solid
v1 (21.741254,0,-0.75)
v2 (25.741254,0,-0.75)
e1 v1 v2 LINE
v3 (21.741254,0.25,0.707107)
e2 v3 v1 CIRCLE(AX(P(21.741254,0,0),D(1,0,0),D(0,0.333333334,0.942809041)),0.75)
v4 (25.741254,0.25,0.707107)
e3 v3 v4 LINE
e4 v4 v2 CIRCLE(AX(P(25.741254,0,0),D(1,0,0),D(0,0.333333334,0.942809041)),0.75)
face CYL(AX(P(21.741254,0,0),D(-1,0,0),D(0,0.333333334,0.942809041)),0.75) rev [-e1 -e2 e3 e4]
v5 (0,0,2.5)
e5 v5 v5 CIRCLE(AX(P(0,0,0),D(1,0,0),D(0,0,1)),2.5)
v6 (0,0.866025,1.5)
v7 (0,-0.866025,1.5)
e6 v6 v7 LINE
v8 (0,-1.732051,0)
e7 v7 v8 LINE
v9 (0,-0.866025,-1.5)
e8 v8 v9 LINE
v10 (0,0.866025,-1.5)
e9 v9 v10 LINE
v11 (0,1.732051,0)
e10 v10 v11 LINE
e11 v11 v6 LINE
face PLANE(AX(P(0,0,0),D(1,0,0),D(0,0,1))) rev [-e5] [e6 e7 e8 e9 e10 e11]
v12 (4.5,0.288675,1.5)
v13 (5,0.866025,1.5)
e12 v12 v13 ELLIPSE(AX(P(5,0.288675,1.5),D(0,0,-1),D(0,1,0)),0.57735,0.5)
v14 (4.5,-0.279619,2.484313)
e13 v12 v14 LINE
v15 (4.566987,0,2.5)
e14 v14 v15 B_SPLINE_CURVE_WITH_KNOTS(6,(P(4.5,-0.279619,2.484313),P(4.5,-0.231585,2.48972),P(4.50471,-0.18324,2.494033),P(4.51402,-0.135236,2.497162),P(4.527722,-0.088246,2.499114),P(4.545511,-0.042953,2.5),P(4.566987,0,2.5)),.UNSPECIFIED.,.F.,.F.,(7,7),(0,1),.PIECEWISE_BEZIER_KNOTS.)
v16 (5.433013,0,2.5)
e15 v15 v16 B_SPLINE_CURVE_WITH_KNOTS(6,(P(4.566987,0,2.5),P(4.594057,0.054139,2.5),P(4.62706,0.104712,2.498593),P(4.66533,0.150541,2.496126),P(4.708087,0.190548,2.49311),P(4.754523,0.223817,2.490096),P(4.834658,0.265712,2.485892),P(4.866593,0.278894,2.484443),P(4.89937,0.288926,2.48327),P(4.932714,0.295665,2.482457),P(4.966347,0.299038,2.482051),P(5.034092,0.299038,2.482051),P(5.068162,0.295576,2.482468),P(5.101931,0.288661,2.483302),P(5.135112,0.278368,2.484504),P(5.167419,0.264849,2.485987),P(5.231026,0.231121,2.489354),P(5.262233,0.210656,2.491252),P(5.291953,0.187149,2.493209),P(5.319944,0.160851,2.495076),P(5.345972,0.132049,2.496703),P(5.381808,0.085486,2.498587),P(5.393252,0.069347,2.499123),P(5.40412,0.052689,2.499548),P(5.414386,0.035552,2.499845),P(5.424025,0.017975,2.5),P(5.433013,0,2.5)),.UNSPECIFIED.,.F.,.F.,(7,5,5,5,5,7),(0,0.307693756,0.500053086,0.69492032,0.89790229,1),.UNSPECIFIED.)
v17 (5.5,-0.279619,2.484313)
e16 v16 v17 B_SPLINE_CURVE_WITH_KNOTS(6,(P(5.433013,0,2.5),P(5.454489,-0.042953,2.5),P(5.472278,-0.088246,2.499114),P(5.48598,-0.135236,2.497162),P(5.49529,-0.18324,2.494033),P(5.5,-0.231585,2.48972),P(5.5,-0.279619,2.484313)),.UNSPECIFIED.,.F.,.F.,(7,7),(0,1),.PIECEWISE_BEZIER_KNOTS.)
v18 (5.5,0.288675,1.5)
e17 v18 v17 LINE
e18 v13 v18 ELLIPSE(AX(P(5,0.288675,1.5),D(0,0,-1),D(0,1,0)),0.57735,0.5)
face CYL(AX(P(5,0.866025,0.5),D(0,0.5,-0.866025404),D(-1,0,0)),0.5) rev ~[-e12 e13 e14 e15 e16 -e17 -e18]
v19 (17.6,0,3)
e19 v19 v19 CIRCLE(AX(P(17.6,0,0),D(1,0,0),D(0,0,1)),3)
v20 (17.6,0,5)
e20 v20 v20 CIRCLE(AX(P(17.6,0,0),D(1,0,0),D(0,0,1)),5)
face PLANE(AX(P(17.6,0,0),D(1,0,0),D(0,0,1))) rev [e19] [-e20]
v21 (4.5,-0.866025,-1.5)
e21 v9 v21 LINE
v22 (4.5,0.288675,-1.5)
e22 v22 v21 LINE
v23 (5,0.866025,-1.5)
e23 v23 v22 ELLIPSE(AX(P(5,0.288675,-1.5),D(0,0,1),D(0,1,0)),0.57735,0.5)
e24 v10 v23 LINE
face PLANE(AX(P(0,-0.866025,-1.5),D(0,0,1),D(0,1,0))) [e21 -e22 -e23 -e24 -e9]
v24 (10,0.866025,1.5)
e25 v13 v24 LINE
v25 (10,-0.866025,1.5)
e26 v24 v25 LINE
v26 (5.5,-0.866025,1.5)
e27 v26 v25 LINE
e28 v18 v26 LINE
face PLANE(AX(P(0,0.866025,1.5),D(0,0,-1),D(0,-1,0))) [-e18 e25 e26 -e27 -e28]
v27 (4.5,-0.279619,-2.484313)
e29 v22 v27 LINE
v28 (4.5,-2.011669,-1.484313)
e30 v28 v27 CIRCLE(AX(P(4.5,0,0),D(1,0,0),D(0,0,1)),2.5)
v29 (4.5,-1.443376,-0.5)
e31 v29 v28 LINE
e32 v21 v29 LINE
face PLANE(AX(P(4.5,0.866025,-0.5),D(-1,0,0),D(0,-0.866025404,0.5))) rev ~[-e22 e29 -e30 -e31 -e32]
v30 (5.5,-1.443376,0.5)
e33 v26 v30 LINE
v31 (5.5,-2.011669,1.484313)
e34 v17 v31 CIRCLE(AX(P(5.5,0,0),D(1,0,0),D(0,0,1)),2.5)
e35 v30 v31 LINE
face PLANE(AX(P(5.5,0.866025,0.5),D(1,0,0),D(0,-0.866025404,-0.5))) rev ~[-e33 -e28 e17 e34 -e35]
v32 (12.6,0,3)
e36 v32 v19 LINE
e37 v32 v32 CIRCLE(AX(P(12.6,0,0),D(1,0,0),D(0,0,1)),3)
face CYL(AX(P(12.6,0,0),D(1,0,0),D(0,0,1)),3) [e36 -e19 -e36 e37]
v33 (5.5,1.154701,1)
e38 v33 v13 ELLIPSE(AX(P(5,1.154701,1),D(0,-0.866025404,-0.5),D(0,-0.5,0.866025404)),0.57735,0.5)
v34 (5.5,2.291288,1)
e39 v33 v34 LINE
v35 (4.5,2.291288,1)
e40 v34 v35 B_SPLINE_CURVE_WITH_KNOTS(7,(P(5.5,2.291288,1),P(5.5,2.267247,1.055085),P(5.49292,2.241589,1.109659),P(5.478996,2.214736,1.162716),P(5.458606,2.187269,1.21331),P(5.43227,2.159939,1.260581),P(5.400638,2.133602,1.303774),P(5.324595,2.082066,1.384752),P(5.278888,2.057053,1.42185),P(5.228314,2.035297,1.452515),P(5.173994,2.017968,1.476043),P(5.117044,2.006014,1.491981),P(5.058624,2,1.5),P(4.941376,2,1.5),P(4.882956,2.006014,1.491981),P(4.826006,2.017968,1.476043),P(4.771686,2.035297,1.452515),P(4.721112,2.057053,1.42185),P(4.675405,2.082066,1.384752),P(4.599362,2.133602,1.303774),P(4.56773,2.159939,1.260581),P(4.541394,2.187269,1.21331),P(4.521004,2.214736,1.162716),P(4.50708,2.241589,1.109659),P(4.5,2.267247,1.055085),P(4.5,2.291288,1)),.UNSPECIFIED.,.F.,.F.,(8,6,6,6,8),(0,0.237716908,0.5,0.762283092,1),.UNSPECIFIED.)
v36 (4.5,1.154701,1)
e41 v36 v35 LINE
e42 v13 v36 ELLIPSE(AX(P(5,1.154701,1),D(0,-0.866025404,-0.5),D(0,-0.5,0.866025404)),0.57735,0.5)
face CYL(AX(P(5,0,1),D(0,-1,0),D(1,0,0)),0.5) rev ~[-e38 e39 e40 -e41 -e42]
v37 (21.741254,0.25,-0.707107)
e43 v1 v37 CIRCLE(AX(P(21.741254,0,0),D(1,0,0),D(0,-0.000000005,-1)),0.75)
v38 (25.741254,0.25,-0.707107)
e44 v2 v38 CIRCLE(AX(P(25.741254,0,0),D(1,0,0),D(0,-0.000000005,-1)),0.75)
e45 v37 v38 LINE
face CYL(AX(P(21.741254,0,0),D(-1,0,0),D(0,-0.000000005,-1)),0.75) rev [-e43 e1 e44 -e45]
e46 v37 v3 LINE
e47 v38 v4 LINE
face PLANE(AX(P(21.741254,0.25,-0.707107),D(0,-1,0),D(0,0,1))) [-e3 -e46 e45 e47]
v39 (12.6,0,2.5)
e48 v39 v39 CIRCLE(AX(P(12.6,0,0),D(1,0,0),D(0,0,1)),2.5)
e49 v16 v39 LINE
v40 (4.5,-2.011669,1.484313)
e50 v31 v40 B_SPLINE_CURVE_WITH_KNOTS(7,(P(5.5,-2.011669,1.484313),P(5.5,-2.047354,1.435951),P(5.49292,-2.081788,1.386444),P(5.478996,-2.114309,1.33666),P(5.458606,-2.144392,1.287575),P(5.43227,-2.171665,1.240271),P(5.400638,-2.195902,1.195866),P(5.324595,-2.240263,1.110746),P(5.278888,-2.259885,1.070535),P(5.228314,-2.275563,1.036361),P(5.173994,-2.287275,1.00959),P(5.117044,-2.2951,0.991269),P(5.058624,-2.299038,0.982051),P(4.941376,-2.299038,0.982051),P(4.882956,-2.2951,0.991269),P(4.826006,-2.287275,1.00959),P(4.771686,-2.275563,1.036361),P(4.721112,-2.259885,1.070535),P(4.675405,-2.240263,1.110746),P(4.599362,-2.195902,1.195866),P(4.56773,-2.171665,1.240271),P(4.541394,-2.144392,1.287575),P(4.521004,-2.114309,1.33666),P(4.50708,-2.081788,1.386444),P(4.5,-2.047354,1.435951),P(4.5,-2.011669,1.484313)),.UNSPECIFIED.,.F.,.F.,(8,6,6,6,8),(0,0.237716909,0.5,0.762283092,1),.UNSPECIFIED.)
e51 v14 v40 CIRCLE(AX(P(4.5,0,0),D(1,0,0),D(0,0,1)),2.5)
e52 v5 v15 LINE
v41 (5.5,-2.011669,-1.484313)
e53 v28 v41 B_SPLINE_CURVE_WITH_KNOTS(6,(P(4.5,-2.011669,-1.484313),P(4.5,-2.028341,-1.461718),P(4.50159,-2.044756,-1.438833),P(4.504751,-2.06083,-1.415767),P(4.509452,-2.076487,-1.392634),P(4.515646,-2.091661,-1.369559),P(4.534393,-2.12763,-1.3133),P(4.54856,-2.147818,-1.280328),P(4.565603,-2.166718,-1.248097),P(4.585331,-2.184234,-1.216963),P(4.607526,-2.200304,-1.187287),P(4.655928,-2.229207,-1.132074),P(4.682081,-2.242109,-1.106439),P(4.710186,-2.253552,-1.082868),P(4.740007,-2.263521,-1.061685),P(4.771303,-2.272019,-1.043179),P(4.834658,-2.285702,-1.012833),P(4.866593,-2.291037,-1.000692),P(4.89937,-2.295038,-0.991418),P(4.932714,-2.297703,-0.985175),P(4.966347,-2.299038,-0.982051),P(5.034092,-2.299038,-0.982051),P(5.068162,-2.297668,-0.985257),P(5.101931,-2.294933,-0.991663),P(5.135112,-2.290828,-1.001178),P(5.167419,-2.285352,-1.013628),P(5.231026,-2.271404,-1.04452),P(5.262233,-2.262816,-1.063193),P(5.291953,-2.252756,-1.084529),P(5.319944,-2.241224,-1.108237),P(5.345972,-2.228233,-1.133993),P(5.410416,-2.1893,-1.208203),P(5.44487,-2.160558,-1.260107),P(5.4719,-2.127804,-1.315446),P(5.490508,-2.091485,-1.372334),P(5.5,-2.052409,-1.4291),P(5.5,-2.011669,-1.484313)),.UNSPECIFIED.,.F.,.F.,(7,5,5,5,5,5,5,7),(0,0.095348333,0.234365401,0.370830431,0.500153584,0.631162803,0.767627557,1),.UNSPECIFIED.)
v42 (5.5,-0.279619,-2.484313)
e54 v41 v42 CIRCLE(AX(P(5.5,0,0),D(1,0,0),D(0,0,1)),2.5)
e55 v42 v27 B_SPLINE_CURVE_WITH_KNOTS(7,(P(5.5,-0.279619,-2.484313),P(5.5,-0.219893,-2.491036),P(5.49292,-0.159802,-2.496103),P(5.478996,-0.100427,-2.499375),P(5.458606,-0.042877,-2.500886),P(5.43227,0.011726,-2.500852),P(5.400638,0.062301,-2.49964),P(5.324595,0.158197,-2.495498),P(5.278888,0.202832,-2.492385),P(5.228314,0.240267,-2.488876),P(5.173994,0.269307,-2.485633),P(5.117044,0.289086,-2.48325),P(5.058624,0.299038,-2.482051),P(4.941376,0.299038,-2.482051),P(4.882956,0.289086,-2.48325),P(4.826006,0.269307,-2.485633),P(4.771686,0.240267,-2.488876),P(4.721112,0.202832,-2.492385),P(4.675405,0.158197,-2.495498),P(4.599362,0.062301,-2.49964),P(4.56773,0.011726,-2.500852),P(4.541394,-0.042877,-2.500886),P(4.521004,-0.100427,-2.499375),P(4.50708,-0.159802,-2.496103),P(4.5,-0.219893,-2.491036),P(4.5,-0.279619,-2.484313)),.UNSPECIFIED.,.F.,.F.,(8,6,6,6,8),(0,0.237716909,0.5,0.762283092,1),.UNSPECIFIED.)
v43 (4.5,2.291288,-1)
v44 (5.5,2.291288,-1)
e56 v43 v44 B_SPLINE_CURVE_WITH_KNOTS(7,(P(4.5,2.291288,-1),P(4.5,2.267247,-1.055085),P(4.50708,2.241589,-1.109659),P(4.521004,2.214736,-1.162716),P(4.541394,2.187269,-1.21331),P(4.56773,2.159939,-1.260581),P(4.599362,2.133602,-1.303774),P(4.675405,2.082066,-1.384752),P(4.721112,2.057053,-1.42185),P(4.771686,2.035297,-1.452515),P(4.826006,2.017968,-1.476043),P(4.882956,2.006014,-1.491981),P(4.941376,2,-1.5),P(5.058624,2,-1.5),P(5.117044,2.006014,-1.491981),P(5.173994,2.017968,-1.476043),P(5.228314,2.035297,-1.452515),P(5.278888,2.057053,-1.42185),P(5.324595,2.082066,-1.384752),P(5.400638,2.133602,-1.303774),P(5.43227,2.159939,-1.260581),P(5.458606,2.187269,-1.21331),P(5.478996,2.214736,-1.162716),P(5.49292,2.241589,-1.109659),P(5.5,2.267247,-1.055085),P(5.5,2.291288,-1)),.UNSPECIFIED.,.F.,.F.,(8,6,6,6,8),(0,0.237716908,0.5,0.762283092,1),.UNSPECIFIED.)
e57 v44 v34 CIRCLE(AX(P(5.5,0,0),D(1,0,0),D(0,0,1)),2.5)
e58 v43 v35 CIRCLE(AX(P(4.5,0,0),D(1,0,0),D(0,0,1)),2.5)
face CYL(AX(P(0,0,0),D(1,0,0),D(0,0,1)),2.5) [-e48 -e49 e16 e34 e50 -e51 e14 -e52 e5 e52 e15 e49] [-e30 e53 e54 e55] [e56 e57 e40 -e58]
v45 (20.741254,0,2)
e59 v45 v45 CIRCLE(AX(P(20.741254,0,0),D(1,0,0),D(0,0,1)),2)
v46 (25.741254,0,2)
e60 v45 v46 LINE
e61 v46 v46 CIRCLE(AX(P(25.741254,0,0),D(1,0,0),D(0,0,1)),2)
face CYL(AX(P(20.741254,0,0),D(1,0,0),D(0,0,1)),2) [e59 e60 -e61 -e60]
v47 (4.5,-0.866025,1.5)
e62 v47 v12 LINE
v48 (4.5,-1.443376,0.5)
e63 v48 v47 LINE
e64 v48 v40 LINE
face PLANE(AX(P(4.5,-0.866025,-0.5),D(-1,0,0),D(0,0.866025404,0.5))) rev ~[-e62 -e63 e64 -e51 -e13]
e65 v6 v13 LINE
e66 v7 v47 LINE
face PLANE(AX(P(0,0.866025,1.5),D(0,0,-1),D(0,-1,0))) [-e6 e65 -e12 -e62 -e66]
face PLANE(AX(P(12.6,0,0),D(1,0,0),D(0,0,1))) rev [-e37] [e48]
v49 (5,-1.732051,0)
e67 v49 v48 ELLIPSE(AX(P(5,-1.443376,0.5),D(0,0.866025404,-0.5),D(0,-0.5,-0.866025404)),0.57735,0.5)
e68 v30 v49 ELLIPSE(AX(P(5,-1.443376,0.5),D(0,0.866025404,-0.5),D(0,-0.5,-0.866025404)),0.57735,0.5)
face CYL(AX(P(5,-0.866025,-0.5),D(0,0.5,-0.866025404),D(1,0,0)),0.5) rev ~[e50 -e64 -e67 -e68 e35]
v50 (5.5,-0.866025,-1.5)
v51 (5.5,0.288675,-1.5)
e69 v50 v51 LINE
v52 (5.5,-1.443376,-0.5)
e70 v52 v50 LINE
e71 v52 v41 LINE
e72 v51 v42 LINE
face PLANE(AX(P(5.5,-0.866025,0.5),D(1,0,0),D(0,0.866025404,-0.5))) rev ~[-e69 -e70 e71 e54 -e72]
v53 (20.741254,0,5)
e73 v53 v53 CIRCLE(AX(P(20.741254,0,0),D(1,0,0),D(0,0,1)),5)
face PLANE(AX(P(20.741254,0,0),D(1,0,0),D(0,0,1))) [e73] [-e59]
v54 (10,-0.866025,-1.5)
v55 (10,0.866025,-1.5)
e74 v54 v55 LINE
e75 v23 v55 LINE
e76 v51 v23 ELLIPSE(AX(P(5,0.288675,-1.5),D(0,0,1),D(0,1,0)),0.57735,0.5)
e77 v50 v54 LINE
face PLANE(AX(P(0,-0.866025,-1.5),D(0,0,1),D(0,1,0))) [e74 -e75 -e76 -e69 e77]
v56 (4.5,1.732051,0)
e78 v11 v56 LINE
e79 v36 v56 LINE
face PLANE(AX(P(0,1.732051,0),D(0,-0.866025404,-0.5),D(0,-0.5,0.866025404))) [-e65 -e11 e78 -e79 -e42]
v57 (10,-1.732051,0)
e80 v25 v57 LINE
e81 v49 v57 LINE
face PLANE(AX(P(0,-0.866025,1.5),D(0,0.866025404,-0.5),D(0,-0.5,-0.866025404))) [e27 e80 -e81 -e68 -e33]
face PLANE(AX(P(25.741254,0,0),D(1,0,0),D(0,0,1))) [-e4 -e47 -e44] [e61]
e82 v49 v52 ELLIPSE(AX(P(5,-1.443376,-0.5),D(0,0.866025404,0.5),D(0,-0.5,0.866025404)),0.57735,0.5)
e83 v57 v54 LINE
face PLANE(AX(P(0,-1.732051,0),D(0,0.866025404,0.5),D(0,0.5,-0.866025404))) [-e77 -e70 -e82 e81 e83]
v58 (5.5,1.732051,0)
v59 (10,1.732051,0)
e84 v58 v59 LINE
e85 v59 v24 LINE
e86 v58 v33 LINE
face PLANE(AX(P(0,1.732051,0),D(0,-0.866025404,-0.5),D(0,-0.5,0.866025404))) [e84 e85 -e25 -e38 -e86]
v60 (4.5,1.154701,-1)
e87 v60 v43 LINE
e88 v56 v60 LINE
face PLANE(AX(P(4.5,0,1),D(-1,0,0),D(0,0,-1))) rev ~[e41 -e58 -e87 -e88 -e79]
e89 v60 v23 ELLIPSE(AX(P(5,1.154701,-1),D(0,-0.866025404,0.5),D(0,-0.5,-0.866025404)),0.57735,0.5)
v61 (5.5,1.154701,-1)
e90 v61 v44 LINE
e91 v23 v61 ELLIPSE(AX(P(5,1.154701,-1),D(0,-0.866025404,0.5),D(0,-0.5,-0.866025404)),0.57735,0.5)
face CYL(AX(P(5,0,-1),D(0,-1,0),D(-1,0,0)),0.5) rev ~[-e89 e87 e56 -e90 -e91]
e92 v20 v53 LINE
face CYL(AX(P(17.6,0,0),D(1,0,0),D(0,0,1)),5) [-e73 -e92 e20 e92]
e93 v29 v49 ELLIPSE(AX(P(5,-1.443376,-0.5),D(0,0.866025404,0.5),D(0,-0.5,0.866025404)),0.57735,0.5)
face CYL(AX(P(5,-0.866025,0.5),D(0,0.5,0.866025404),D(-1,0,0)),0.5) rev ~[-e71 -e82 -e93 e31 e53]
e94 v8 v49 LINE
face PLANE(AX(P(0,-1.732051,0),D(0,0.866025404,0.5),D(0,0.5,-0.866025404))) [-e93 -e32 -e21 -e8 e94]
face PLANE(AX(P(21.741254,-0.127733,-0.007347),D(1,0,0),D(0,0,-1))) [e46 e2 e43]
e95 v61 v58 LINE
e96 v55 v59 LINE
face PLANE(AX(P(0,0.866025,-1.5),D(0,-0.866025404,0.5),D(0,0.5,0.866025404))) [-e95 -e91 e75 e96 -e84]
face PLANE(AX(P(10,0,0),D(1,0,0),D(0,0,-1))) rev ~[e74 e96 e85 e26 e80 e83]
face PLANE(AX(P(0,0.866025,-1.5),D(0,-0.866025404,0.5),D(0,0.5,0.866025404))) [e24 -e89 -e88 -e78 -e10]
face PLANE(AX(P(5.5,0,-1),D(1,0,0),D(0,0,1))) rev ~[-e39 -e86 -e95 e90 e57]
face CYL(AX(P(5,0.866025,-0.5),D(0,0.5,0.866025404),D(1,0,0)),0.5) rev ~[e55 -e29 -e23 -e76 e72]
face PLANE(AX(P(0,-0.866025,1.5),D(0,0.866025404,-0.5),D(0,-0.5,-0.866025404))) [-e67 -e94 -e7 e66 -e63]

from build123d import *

# Parameters (mm, degrees)
CUT_EXTRUDE1_DEPTH = 10
CUT_EXTRUDE2_DEPTH = 18
CIRPATTERN1_COUNT  = 3
CUT_EXTRUDE3_START = 21.741254
CUT_EXTRUDE3_DEPTH = 4


with BuildPart() as part:
    # Sketch1 → Revolve1 (revolve)
    with BuildSketch(Plane.XY, mode=Mode.PRIVATE) as revolve1_sk:
        Polygon((0, 2.5), (12.6, 2.5), (12.6, 3), (17.6, 3), (17.6, 5), (20.741253759, 5), (20.741253759, 2), (25.741253759, 2), (25.741253759, 0), (0, 0), align=None)
    revolve(revolve1_sk.sketch.rotate(Axis((0, 0, 0), (1, 0, 0)), 90), axis=Axis((0, 0, 0), (1, 0, 0)))

    # Sketch2 → Cut-Extrude1 (cut)
    with BuildSketch(Plane(origin=(0, 0, 0), x_dir=(0, 0, -1), z_dir=(1, 0, 0))):
        Polygon((0, 1.732050808), (-1.5, 0.866025404), (-1.5, -0.866025404), (0, -1.732050808), (1.5, -0.866025404), (1.5, 0.866025404), align=None)
    extrude(amount=CUT_EXTRUDE1_DEPTH, mode=Mode.SUBTRACT)

    # Sketch3 → Cut-Extrude2 (cut)
    with BuildSketch(Plane(origin=(0, 0, 0), x_dir=(1, 0, 0), z_dir=(0, 1, 0))):
        with BuildLine():
            Line((5.5, 1), (5.5, -1))
            ThreePointArc((5.5, -1), (5, -1.5), (4.5, -1))
            Line((4.5, -1), (4.5, 1))
            ThreePointArc((4.5, 1), (5, 1.5), (5.5, 1))
        make_face()
    cut_extrude2 = extrude(amount=CUT_EXTRUDE2_DEPTH, mode=Mode.SUBTRACT)

    # CirPattern1: Cut-Extrude2 ×3 about axis
    cirpattern1_axis = Axis((0, 0, 0), (-1, 0, 0))
    for i in range(1, CIRPATTERN1_COUNT):
        add(cut_extrude2.rotate(cirpattern1_axis, i * 360 / CIRPATTERN1_COUNT), mode=Mode.SUBTRACT)

    # Sketch4 → Cut-Extrude3 (cut)
    with BuildSketch(Plane(origin=(0, 0, 0), x_dir=(0, 0, -1), z_dir=(1, 0, 0)).offset(CUT_EXTRUDE3_START)):
        with BuildLine():
            Line((0.707106781, 0.25), (-0.707106781, 0.25))
            ThreePointArc((-0.707106781, 0.25), (-0.126826484, -0.73919892), (0.75, 0))
            ThreePointArc((0.75, 0), (0.73919892, 0.126826484), (0.707106781, 0.25))
        make_face()
    extrude(amount=CUT_EXTRUDE3_DEPTH, mode=Mode.SUBTRACT)


solid = part.part
